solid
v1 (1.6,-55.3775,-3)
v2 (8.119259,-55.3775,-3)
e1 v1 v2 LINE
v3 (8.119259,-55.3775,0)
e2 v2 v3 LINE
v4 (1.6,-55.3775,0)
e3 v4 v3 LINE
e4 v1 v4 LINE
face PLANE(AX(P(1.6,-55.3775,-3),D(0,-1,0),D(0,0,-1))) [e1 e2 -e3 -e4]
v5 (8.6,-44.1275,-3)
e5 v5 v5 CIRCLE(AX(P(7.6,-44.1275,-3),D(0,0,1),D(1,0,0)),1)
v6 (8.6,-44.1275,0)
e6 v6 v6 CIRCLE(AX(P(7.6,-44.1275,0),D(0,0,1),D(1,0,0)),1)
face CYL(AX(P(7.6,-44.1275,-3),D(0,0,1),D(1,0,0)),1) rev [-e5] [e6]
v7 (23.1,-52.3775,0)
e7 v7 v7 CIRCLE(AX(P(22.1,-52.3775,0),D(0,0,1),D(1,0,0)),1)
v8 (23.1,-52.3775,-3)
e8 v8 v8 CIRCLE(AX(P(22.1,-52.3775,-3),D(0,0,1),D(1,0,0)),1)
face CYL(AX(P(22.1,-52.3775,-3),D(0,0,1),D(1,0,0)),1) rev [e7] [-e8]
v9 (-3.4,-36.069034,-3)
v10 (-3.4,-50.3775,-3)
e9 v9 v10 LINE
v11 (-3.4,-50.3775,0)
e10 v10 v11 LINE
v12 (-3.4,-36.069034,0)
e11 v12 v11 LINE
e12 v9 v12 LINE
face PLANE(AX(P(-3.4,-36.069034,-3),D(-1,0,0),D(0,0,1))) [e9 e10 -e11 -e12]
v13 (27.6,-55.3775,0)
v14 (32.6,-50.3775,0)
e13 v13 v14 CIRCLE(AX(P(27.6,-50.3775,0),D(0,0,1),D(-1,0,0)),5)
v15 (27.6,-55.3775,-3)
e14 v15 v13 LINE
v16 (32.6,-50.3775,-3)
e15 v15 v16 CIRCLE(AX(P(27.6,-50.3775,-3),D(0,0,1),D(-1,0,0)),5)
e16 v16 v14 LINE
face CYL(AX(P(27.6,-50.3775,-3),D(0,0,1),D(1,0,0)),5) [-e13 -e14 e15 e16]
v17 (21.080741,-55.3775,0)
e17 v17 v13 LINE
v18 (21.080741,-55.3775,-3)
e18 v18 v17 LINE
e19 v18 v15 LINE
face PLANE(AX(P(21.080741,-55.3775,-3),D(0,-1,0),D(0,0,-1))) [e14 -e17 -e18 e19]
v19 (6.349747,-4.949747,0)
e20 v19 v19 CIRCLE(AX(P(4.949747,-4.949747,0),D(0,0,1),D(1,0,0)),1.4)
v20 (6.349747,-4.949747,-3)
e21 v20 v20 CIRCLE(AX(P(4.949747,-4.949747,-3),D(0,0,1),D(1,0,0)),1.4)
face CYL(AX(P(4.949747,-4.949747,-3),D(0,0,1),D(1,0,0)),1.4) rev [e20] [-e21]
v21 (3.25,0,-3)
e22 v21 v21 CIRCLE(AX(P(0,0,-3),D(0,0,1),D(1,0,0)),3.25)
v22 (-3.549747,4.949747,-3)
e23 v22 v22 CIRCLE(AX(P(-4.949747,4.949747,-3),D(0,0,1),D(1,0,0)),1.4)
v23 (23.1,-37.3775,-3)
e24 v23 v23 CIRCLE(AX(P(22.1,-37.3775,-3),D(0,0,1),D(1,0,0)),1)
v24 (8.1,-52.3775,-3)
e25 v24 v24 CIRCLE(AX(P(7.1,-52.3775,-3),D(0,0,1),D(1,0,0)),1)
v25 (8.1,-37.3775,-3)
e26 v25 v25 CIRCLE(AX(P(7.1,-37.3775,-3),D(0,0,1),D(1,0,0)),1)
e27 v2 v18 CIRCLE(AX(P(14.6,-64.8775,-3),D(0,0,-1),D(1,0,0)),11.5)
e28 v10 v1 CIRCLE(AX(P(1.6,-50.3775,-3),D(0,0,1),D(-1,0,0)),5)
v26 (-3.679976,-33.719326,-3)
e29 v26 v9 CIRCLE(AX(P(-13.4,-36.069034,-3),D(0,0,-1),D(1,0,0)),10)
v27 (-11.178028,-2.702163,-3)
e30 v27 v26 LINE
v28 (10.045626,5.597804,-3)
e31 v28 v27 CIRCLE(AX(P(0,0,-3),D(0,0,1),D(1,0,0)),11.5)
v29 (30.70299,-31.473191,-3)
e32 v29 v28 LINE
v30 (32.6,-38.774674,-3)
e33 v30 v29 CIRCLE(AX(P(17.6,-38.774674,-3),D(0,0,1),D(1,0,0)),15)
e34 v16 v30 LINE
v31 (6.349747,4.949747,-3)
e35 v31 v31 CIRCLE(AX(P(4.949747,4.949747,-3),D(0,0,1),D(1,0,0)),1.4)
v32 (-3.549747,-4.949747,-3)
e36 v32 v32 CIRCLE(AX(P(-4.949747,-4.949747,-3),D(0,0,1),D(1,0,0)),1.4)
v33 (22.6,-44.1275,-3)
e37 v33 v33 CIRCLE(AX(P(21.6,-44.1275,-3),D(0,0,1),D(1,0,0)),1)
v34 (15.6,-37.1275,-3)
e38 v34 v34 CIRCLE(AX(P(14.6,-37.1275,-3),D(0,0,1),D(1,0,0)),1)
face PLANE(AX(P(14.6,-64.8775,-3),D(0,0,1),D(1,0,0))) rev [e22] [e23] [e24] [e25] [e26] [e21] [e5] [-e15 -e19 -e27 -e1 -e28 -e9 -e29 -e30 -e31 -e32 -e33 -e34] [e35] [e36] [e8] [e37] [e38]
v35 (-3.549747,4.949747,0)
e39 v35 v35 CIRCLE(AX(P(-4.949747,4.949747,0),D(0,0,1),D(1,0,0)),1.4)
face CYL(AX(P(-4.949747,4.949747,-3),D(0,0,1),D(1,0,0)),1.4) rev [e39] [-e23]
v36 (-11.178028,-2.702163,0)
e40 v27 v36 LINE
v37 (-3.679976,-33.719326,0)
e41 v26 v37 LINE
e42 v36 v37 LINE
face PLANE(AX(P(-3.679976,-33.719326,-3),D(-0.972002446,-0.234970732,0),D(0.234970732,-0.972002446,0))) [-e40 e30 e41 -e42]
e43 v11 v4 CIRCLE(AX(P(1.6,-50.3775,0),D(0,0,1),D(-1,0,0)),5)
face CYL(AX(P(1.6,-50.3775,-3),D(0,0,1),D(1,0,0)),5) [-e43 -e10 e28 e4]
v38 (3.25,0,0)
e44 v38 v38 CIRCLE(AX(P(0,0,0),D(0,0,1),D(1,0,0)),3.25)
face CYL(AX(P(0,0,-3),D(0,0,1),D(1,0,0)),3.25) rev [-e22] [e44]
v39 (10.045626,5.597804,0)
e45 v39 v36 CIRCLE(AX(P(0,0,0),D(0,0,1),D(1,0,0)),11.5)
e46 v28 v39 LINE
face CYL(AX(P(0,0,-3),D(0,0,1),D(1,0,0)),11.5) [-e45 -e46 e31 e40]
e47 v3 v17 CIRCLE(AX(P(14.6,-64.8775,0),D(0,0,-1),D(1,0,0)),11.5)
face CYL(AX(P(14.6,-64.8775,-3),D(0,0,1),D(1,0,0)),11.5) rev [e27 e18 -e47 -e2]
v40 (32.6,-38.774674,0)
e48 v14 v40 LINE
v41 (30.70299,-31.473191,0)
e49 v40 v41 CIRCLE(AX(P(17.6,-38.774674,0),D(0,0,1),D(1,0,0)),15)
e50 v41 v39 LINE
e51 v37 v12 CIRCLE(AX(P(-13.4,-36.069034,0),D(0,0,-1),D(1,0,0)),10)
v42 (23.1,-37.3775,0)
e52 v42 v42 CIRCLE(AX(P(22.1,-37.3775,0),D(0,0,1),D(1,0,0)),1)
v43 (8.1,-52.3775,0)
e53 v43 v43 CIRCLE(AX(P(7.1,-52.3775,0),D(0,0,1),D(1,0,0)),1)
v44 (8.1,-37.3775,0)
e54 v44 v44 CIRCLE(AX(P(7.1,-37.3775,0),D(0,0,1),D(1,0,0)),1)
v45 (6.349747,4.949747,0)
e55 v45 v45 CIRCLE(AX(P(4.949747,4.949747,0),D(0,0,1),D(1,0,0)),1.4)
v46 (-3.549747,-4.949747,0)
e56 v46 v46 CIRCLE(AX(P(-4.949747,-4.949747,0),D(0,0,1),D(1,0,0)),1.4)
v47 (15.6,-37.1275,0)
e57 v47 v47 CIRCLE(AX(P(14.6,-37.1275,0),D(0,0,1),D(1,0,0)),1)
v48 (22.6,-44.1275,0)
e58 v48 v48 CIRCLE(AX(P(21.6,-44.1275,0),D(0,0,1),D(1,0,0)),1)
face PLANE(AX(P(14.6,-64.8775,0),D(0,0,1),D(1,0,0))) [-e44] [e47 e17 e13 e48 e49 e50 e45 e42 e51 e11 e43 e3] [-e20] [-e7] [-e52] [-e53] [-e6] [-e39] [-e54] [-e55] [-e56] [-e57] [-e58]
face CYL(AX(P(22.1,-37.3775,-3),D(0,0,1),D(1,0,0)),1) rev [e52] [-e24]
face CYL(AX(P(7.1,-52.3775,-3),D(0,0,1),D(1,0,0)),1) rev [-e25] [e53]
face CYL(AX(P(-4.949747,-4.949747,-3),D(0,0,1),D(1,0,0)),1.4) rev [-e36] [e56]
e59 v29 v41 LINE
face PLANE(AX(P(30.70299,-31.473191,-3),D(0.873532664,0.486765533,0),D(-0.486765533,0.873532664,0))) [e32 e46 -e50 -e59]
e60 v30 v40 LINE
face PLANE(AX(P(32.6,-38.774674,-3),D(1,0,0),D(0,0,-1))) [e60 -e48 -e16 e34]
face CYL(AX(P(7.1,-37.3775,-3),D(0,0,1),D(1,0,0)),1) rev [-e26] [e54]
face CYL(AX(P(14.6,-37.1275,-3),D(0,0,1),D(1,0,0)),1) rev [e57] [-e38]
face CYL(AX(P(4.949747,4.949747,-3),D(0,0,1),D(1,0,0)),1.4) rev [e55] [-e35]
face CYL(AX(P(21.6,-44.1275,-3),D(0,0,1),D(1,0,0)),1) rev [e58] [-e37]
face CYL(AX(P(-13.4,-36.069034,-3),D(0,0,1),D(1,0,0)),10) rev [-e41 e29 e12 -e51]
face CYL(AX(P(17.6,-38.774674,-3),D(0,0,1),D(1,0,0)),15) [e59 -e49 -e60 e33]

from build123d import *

# Parameters (mm, degrees)
SKETCH_1_R      = 3.25
SKETCH_1_R_2    = 1.4
SKETCH_1_R_3    = 1
EXTRUDE_1_DEPTH = 3


with BuildPart() as part:
    # Эскиз1 → Бобышка-Вытянуть1 (new body)
    with BuildSketch(Plane.XY):
        with BuildLine():
            Line((1.6, -55.377499952), (8.119259302, -55.377499952))
            ThreePointArc((8.119259302, -55.377499952), (14.6, -53.377499952), (21.080740698, -55.377499952))
            Line((21.080740698, -55.377499952), (27.6, -55.377499952))
            ThreePointArc((27.6, -55.377499952), (31.135533906, -53.913033858), (32.6, -50.377499952))
            Line((32.6, -50.377499952), (32.6, -38.774674064))
            ThreePointArc((32.6, -38.774674064), (32.11800347, -35.002728245), (30.702989966, -31.473191066))
            Line((30.702989966, -31.473191066), (10.04562564, 5.597803631))
            ThreePointArc((10.04562564, 5.597803631), (-4.188430146, 10.710137857), (-11.17802813, -2.702163414))
            Line((-11.17802813, -2.702163414), (-3.679975539, -33.719326307))
            ThreePointArc((-3.679975539, -33.719326307), (-3.470240572, -34.885869352), (-3.4, -36.069033624))
            Line((-3.4, -36.069033624), (-3.4, -50.377499952))
            ThreePointArc((-3.4, -50.377499952), (-1.935533906, -53.913033858), (1.6, -55.377499952))
        make_face()
        Circle(SKETCH_1_R, mode=Mode.SUBTRACT)
        with Locations((-4.949747468, 4.949747468)):
            Circle(SKETCH_1_R_2, mode=Mode.SUBTRACT)
        with Locations((4.949747468, 4.949747468)):
            Circle(SKETCH_1_R_2, mode=Mode.SUBTRACT)
        with Locations((4.949747468, -4.949747468)):
            Circle(SKETCH_1_R_2, mode=Mode.SUBTRACT)
        with Locations((-4.949747468, -4.949747468)):
            Circle(SKETCH_1_R_2, mode=Mode.SUBTRACT)
        with Locations((7.1, -37.377499952)):
            Circle(SKETCH_1_R_3, mode=Mode.SUBTRACT)
        with Locations((22.1, -37.377499952)):
            Circle(SKETCH_1_R_3, mode=Mode.SUBTRACT)
        with Locations((7.1, -52.377499952)):
            Circle(SKETCH_1_R_3, mode=Mode.SUBTRACT)
        with Locations((22.1, -52.377499952)):
            Circle(SKETCH_1_R_3, mode=Mode.SUBTRACT)
        with Locations((14.6, -37.127499952)):
            Circle(SKETCH_1_R_3, mode=Mode.SUBTRACT)
        with Locations((21.6, -44.127499952)):
            Circle(SKETCH_1_R_3, mode=Mode.SUBTRACT)
        with Locations((7.6, -44.127499952)):
            Circle(SKETCH_1_R_3, mode=Mode.SUBTRACT)
    extrude(amount=-EXTRUDE_1_DEPTH)


solid = part.part
